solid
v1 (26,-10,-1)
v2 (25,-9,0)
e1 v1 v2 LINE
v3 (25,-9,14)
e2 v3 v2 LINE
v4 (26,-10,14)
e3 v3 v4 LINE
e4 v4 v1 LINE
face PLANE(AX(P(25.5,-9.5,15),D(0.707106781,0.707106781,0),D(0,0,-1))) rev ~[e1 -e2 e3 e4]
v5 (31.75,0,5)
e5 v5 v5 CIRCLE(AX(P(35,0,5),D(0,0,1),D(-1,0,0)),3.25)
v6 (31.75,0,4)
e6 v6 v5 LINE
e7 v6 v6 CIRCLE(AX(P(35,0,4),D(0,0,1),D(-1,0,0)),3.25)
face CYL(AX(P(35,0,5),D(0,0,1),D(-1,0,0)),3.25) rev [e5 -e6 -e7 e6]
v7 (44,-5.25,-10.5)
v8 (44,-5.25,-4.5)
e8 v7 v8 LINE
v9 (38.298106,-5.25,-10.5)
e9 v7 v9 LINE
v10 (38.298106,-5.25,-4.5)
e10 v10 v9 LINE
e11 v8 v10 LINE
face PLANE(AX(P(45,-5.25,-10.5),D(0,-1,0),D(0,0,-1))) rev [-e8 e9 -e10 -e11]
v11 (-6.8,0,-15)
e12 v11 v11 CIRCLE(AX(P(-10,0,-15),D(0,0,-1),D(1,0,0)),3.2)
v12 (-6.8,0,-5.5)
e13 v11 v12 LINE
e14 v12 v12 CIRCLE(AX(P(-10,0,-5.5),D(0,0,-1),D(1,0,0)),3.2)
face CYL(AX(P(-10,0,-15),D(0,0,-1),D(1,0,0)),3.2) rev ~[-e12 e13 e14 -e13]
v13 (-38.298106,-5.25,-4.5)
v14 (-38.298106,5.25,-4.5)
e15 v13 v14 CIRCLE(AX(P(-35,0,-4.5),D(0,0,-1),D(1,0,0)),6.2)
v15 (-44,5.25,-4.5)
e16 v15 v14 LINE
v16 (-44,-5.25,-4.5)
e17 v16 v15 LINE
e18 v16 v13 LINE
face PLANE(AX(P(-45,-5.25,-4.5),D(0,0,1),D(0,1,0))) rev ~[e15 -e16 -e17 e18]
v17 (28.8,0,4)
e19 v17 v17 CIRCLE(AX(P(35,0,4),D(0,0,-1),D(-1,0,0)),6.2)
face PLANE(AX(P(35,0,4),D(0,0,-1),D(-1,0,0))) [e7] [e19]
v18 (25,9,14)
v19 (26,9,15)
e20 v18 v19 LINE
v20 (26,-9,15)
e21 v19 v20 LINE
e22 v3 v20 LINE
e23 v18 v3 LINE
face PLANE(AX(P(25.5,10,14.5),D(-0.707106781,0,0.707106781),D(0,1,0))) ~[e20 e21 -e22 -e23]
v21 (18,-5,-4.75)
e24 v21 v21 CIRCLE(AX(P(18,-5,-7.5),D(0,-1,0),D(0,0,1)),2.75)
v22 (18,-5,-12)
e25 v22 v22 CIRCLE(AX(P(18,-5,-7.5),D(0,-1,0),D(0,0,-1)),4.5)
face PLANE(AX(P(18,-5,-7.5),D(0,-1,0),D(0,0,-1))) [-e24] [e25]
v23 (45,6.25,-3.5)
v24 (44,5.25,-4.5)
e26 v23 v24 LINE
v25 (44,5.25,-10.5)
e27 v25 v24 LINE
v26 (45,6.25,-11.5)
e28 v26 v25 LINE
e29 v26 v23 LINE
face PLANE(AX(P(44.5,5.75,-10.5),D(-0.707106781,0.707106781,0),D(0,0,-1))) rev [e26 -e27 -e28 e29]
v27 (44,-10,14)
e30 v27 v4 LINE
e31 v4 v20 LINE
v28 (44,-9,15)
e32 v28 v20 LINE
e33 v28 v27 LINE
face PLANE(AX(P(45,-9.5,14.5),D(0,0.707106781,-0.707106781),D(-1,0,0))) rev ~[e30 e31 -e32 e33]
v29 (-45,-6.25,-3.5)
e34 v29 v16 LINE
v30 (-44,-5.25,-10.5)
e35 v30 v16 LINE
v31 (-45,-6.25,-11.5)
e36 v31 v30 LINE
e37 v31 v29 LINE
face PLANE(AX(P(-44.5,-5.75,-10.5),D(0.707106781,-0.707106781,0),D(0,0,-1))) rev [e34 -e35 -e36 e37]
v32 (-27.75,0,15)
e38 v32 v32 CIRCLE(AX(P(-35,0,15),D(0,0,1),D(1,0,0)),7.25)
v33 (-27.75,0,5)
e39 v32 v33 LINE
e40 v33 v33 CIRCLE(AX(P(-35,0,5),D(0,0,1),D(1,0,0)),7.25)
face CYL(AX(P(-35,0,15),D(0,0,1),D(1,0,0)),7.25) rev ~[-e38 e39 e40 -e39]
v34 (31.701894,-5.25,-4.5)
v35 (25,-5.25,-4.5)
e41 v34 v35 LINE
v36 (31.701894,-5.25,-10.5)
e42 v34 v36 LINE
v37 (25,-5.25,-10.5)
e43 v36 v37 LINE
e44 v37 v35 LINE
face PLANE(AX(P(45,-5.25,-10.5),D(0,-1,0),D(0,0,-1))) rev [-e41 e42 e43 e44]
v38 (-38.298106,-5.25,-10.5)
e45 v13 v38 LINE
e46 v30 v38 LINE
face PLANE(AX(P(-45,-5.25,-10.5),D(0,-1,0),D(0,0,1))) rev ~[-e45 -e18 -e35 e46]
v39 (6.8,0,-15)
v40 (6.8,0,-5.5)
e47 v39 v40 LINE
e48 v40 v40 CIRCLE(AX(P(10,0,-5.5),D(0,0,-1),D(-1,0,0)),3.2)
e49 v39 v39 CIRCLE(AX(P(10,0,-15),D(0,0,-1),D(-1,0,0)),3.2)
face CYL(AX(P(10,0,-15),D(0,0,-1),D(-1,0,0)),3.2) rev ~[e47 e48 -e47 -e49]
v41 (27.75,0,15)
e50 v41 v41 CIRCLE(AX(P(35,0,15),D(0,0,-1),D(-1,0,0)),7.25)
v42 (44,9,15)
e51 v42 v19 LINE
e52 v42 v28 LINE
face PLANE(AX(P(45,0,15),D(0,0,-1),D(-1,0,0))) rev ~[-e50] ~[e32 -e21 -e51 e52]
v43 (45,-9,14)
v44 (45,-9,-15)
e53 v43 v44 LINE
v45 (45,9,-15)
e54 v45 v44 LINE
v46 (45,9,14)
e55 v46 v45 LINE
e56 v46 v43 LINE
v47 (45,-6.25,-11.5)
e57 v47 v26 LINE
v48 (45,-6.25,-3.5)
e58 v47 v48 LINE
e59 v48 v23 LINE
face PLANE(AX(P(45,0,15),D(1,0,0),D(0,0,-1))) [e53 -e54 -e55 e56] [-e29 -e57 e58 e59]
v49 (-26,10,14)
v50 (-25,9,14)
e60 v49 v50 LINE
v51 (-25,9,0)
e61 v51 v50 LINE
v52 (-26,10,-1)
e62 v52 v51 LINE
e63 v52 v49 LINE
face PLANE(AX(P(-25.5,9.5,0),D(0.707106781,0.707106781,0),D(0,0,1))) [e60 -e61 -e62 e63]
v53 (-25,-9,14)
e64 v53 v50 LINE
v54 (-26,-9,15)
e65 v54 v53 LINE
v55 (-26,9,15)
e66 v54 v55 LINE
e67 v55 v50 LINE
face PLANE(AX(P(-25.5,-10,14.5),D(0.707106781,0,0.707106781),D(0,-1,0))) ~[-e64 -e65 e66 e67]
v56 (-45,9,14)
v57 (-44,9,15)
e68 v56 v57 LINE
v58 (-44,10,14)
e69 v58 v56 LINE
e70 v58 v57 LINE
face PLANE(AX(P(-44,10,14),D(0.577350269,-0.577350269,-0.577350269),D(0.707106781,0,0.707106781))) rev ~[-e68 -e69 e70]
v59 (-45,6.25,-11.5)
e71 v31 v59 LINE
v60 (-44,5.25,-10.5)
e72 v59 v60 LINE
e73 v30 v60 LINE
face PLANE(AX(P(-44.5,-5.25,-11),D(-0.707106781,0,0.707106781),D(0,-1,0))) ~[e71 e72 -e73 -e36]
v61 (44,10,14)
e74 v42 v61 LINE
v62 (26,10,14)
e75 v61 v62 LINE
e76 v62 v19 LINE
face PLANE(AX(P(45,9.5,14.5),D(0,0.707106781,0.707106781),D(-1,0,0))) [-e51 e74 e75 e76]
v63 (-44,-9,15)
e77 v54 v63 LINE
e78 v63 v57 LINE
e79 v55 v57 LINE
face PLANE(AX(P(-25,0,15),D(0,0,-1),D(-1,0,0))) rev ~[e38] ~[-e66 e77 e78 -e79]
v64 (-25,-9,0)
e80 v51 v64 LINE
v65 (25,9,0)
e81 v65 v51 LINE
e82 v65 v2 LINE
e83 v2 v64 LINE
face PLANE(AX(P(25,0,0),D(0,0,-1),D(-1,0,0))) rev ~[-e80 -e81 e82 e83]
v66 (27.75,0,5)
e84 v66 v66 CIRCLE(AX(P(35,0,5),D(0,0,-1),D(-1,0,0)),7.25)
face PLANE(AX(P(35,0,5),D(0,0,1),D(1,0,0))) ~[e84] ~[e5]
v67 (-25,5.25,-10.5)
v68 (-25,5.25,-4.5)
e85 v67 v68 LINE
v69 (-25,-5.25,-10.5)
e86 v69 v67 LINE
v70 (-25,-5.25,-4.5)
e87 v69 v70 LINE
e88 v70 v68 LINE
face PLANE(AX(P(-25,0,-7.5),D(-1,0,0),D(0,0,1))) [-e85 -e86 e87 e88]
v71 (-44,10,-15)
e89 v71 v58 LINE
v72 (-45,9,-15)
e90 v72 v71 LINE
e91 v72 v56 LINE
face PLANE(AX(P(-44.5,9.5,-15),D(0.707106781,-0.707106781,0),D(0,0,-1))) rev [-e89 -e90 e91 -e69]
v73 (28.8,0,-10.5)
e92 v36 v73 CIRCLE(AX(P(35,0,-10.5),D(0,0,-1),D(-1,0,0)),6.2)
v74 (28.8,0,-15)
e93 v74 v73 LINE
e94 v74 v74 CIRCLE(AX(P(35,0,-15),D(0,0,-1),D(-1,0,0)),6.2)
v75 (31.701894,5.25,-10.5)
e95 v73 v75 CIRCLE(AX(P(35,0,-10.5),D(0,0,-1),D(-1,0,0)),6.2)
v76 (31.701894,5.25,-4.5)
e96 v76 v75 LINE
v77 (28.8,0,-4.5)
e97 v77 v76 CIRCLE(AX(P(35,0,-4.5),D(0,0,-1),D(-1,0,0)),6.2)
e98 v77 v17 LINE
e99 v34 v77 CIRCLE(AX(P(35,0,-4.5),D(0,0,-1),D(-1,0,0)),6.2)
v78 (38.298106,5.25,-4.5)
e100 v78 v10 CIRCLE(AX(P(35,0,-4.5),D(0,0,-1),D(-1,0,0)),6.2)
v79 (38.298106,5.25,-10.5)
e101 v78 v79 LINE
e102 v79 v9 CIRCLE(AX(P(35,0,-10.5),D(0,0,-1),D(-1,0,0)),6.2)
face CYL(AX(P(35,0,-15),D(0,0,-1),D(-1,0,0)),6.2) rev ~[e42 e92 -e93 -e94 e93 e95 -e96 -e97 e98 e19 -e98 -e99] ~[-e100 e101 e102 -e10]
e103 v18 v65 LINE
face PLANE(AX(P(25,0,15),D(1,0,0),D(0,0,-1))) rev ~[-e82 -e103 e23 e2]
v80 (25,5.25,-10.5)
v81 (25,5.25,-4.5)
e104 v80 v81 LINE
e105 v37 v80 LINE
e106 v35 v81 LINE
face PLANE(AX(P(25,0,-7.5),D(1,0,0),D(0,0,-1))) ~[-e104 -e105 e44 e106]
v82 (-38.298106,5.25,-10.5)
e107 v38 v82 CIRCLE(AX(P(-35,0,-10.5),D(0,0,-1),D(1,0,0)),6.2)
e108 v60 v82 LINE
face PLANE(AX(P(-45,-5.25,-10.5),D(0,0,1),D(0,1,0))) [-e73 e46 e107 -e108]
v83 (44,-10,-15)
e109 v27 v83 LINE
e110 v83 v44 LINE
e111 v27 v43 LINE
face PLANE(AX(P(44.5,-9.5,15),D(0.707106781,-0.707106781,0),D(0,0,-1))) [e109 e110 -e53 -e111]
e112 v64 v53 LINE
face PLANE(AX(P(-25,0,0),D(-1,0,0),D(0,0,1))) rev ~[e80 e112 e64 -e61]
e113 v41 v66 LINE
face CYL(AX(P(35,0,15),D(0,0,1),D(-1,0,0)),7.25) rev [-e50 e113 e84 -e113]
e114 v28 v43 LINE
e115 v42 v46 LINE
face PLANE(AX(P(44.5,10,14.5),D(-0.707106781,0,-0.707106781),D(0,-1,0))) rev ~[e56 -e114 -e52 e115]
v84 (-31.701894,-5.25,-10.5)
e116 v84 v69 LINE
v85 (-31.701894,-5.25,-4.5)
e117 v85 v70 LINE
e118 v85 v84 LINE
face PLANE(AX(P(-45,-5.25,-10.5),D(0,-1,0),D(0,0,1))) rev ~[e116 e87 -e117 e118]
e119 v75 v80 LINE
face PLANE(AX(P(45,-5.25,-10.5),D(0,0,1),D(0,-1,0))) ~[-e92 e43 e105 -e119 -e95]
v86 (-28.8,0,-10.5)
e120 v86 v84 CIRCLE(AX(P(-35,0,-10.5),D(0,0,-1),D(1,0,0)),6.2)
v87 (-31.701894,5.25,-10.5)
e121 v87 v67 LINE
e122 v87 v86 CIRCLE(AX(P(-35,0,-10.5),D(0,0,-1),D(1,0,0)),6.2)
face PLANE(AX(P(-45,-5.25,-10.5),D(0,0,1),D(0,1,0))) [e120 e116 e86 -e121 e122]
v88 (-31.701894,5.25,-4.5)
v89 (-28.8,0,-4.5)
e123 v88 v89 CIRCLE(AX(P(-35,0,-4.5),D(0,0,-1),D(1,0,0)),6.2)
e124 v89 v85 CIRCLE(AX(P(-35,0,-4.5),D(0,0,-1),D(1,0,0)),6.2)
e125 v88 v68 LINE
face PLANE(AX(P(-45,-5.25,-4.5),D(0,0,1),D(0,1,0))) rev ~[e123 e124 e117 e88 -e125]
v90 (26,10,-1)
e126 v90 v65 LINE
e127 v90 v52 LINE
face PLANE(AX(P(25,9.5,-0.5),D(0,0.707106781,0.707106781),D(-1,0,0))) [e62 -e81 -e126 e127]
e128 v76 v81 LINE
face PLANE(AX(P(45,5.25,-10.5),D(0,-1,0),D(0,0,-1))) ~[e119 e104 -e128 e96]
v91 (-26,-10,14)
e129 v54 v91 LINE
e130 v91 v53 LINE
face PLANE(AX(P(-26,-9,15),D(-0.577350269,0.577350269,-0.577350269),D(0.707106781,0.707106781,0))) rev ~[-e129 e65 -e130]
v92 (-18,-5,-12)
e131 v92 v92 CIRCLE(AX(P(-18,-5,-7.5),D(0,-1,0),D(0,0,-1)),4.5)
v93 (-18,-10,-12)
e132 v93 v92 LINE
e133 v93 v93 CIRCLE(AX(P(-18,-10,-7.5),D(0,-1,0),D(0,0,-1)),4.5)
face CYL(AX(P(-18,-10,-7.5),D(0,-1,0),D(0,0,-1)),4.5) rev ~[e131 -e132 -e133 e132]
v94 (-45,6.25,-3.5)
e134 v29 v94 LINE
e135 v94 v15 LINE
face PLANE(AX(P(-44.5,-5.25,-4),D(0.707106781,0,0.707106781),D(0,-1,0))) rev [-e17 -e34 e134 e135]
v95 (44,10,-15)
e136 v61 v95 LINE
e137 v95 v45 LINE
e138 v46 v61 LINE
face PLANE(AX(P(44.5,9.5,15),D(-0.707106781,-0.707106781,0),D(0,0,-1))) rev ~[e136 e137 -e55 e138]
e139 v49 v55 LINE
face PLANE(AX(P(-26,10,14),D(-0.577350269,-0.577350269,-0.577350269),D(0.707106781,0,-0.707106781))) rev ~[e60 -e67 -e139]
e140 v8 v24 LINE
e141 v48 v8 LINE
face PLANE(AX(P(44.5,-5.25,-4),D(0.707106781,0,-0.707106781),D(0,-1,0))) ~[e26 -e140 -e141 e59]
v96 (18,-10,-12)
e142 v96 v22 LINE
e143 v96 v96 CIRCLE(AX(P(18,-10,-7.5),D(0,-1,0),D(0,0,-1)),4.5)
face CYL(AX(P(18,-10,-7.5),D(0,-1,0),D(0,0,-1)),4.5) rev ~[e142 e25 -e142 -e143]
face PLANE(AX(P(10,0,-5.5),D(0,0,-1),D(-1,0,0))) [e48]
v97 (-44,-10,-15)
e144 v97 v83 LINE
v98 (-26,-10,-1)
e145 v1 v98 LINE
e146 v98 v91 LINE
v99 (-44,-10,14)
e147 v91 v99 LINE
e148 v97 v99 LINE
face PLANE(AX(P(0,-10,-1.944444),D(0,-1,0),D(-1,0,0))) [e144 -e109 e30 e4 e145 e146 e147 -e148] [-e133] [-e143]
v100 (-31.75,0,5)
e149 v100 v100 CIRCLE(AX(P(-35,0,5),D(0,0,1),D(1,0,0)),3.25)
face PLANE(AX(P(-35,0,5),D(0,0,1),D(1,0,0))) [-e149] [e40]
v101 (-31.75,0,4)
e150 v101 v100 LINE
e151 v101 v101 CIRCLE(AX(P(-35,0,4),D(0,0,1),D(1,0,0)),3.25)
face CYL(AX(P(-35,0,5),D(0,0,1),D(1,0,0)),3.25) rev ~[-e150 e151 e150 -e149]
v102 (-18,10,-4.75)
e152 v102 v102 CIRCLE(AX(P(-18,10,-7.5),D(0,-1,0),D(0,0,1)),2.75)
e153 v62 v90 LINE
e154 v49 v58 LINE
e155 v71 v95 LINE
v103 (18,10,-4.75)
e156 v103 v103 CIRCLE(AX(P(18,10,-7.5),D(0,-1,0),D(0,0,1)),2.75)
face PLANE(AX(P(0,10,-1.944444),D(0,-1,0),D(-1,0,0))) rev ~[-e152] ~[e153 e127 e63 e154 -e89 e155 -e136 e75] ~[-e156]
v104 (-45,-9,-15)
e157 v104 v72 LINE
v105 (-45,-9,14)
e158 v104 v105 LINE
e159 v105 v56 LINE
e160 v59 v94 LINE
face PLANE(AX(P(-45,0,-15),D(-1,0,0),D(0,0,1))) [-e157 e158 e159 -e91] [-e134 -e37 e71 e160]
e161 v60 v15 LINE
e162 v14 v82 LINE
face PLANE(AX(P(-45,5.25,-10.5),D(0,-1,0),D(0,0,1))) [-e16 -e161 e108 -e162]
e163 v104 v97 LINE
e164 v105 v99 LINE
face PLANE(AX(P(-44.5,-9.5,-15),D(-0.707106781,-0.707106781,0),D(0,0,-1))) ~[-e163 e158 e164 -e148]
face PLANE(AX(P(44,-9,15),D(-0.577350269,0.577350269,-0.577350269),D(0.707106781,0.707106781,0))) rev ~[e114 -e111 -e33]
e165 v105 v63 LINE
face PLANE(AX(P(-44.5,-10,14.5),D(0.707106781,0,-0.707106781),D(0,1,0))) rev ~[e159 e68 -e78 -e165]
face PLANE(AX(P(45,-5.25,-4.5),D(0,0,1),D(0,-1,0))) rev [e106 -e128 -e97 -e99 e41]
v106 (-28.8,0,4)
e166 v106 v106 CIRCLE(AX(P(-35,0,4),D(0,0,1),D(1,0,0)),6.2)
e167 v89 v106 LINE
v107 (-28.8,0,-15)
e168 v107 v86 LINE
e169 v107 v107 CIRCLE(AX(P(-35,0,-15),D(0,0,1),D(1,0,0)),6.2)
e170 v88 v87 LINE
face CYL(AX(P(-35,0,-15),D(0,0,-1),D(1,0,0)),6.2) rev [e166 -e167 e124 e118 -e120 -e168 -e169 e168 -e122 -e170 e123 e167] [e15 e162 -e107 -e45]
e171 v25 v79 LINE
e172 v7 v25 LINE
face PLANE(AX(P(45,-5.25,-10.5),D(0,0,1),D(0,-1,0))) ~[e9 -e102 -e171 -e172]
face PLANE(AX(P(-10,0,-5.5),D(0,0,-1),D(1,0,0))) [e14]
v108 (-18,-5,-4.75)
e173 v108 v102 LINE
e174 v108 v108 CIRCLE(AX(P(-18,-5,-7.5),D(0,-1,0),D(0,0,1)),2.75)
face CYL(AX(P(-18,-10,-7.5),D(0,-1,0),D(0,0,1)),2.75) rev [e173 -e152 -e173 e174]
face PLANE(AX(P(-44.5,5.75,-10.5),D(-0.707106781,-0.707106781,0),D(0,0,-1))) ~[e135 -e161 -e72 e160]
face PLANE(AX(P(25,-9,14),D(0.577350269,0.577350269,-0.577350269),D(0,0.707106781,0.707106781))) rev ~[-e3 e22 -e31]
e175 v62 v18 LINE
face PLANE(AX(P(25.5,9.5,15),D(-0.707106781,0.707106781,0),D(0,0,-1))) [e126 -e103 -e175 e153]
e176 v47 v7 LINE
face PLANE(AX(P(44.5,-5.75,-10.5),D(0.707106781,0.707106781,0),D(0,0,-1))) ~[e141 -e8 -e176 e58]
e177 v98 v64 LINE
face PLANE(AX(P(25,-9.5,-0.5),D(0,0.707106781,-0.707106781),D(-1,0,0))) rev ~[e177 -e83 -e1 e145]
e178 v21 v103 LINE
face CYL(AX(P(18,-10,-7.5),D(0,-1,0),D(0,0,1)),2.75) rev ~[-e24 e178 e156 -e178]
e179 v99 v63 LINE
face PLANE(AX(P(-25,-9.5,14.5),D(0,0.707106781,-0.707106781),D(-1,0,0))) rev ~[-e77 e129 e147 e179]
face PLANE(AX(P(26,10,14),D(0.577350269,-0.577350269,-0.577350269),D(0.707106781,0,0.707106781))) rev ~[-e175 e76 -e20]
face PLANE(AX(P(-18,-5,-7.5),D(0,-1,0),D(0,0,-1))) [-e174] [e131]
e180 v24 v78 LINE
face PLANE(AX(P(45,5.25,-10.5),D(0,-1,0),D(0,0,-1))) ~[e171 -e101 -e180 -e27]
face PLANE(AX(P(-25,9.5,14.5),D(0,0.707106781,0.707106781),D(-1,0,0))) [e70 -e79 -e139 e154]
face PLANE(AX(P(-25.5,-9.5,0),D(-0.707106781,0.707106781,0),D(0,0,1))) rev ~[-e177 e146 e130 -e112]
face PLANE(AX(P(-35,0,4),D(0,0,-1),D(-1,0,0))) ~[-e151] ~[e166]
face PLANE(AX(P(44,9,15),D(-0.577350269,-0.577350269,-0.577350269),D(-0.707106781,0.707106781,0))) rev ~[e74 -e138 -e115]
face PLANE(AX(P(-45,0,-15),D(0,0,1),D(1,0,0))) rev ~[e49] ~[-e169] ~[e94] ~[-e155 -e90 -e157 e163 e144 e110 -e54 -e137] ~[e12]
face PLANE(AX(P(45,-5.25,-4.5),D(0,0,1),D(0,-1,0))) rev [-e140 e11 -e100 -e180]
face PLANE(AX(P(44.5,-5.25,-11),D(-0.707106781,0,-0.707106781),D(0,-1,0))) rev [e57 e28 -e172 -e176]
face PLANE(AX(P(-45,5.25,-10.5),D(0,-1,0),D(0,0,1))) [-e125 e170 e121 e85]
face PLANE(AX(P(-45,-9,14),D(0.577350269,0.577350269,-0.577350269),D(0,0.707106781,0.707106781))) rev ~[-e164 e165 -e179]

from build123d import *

# Parameters (mm, degrees)
BODY_DEPTH               = 10
SKETCH2_R                = 7.25
SPRING_HOLE_DEPTH        = 10
SKETCH3_R                = 3.25
SHAFT_HOLE_DEPTH         = 51.249378106
FIXATION_HOLE_START      = -20
SKETCH4_R                = 2.75
FIXATION_HOLE_DEPTH      = 72.478150705
SKETCH6_W                = 6
SKETCH6_H                = 10.5
NUT_HOLE_DEPTH           = 20
SKETCH7_R                = 3.2
INSERTS_TOP_DEPTH        = 9.5
SKETCH8_R                = 4.5
M5_SCREW_PLACE_DEPTH     = 5
SKETCH9_R                = 6.2
LINEARBEARINGPLACE_DEPTH = 19
CHAMFER1_SIZE            = 1
CHAMFER2_SIZE            = 1


with BuildPart() as part:
    # Sketch1 → Body (new, symmetric)
    with BuildSketch(Plane(origin=(0, 0, 0), x_dir=(1, 0, 0), z_dir=(0, 1, 0))):
        Polygon((-45, 15), (45, 15), (45, -5), (45, -15), (25, -15), (25, 0), (-25, 0), (-25, -15), (-45, -15), (-45, -5), align=None)
    extrude(amount=BODY_DEPTH, both=True)

    # Sketch2 → Spring_Hole (cut)
    with BuildSketch(Plane.XY.offset(15)):
        with Locations((-35, 0)):
            Circle(SKETCH2_R)
    spring_hole = extrude(amount=-SPRING_HOLE_DEPTH, mode=Mode.SUBTRACT)

    # Sketch3 → Shaft_Hole (cut, symmetric)
    with BuildSketch(Plane.XY.offset(5)):
        with Locations((-35, 0)):
            Circle(SKETCH3_R)
    shaft_hole = extrude(amount=SHAFT_HOLE_DEPTH, both=True, mode=Mode.SUBTRACT)

    # Sketch4 → Fixation_Hole (cut, through all)
    with BuildSketch(Plane(origin=(0, 10, 0), x_dir=(1, 0, 0), z_dir=(0, 1, 0)).offset(FIXATION_HOLE_START)):
        with Locations(Location((-18, 7.5, 0), (0, 0, 270))):
            Circle(SKETCH4_R)
    fixation_hole = extrude(amount=FIXATION_HOLE_DEPTH, mode=Mode.SUBTRACT)

    # Sketch6 → Nut_Hole (cut)
    with BuildSketch(Plane.ZY.offset(45)):
        with Locations((-7.5, 0)):
            Rectangle(SKETCH6_W, SKETCH6_H)
    nut_hole = extrude(amount=-NUT_HOLE_DEPTH, mode=Mode.SUBTRACT)

    # Mirror1: Spring_Hole, Shaft_Hole, Fixation_Hole, Nut_Hole across plane
    add(spring_hole.mirror(Plane(origin=(0, 0, 0), x_dir=(0, 0, 1), z_dir=(1, 0, 0))), mode=Mode.SUBTRACT)
    add(shaft_hole.mirror(Plane(origin=(0, 0, 0), x_dir=(0, 0, 1), z_dir=(1, 0, 0))), mode=Mode.SUBTRACT)
    add(fixation_hole.mirror(Plane(origin=(0, 0, 0), x_dir=(0, 0, 1), z_dir=(1, 0, 0))), mode=Mode.SUBTRACT)
    add(nut_hole.mirror(Plane(origin=(0, 0, 0), x_dir=(0, 0, 1), z_dir=(1, 0, 0))), mode=Mode.SUBTRACT)

    # Sketch7 → Inserts_Top (cut)
    with BuildSketch(Plane(origin=(0, 0, -15), x_dir=(-1, 0, 0), z_dir=(0, 0, -1))):
        with Locations((-10, 0)):
            Circle(SKETCH7_R)
        with Locations(Location((10, 0, 0), (0, 0, 180))):
            Circle(SKETCH7_R)
    extrude(amount=-INSERTS_TOP_DEPTH, mode=Mode.SUBTRACT)

    # Sketch8 → M5_Screw_Place (cut)
    with BuildSketch(Plane.XZ.offset(10)):
        with Locations(Location((-18, -7.5, 0), (0, 0, 270))):
            Circle(SKETCH8_R)
        with Locations(Location((18, -7.5, 0), (0, 0, 270))):
            Circle(SKETCH8_R)
    extrude(amount=-M5_SCREW_PLACE_DEPTH, mode=Mode.SUBTRACT)

    # Sketch9 → LinearBearingPlace (cut)
    with BuildSketch(Plane(origin=(0, 0, -15), x_dir=(-1, 0, 0), z_dir=(0, 0, -1))):
        with Locations((-35, 0)):
            Circle(SKETCH9_R)
    linearbearingplace = extrude(amount=-LINEARBEARINGPLACE_DEPTH, mode=Mode.SUBTRACT)

    # Mirror2: LinearBearingPlace across plane
    add(linearbearingplace.mirror(Plane(origin=(0, 0, 0), x_dir=(0, 0, 1), z_dir=(1, 0, 0))), mode=Mode.SUBTRACT)

    # Chamfer1
    chamfer1_edges = [part.edges().sort_by_distance(p)[0] for p in [
        (0, -10, 0),
        (-25, -10, 7.5),
        (-35, -10, 15),
        (-45, -10, 0),
        (45, -10, 0),
        (45, 10, 0),
        (35, -10, 15),
        (25, -10, 7.5),
        (-25, 0, 15),
        (-45, 0, 15),
        (45, 0, 15),
        (25, 0, 15),
        (-45, 10, 0),
        (-35, 10, 15),
        (-25, 10, 7.5),
        (0, 10, 0),
        (25, 10, 7.5),
        (35, 10, 15),
    ]]
    chamfer(chamfer1_edges, length=CHAMFER1_SIZE)

    # Chamfer2
    chamfer2_edges = [part.edges().sort_by_distance(p)[0] for p in [
        (-45, 0, -4.5),
        (-45, 5.25, -7.5),
        (-45, 0, -10.5),
        (-45, -5.25, -7.5),
        (45, 0, -4.5),
        (45, 5.25, -7.5),
        (45, 0, -10.5),
        (45, -5.25, -7.5),
    ]]
    chamfer(chamfer2_edges, length=CHAMFER2_SIZE)


solid = part.part
